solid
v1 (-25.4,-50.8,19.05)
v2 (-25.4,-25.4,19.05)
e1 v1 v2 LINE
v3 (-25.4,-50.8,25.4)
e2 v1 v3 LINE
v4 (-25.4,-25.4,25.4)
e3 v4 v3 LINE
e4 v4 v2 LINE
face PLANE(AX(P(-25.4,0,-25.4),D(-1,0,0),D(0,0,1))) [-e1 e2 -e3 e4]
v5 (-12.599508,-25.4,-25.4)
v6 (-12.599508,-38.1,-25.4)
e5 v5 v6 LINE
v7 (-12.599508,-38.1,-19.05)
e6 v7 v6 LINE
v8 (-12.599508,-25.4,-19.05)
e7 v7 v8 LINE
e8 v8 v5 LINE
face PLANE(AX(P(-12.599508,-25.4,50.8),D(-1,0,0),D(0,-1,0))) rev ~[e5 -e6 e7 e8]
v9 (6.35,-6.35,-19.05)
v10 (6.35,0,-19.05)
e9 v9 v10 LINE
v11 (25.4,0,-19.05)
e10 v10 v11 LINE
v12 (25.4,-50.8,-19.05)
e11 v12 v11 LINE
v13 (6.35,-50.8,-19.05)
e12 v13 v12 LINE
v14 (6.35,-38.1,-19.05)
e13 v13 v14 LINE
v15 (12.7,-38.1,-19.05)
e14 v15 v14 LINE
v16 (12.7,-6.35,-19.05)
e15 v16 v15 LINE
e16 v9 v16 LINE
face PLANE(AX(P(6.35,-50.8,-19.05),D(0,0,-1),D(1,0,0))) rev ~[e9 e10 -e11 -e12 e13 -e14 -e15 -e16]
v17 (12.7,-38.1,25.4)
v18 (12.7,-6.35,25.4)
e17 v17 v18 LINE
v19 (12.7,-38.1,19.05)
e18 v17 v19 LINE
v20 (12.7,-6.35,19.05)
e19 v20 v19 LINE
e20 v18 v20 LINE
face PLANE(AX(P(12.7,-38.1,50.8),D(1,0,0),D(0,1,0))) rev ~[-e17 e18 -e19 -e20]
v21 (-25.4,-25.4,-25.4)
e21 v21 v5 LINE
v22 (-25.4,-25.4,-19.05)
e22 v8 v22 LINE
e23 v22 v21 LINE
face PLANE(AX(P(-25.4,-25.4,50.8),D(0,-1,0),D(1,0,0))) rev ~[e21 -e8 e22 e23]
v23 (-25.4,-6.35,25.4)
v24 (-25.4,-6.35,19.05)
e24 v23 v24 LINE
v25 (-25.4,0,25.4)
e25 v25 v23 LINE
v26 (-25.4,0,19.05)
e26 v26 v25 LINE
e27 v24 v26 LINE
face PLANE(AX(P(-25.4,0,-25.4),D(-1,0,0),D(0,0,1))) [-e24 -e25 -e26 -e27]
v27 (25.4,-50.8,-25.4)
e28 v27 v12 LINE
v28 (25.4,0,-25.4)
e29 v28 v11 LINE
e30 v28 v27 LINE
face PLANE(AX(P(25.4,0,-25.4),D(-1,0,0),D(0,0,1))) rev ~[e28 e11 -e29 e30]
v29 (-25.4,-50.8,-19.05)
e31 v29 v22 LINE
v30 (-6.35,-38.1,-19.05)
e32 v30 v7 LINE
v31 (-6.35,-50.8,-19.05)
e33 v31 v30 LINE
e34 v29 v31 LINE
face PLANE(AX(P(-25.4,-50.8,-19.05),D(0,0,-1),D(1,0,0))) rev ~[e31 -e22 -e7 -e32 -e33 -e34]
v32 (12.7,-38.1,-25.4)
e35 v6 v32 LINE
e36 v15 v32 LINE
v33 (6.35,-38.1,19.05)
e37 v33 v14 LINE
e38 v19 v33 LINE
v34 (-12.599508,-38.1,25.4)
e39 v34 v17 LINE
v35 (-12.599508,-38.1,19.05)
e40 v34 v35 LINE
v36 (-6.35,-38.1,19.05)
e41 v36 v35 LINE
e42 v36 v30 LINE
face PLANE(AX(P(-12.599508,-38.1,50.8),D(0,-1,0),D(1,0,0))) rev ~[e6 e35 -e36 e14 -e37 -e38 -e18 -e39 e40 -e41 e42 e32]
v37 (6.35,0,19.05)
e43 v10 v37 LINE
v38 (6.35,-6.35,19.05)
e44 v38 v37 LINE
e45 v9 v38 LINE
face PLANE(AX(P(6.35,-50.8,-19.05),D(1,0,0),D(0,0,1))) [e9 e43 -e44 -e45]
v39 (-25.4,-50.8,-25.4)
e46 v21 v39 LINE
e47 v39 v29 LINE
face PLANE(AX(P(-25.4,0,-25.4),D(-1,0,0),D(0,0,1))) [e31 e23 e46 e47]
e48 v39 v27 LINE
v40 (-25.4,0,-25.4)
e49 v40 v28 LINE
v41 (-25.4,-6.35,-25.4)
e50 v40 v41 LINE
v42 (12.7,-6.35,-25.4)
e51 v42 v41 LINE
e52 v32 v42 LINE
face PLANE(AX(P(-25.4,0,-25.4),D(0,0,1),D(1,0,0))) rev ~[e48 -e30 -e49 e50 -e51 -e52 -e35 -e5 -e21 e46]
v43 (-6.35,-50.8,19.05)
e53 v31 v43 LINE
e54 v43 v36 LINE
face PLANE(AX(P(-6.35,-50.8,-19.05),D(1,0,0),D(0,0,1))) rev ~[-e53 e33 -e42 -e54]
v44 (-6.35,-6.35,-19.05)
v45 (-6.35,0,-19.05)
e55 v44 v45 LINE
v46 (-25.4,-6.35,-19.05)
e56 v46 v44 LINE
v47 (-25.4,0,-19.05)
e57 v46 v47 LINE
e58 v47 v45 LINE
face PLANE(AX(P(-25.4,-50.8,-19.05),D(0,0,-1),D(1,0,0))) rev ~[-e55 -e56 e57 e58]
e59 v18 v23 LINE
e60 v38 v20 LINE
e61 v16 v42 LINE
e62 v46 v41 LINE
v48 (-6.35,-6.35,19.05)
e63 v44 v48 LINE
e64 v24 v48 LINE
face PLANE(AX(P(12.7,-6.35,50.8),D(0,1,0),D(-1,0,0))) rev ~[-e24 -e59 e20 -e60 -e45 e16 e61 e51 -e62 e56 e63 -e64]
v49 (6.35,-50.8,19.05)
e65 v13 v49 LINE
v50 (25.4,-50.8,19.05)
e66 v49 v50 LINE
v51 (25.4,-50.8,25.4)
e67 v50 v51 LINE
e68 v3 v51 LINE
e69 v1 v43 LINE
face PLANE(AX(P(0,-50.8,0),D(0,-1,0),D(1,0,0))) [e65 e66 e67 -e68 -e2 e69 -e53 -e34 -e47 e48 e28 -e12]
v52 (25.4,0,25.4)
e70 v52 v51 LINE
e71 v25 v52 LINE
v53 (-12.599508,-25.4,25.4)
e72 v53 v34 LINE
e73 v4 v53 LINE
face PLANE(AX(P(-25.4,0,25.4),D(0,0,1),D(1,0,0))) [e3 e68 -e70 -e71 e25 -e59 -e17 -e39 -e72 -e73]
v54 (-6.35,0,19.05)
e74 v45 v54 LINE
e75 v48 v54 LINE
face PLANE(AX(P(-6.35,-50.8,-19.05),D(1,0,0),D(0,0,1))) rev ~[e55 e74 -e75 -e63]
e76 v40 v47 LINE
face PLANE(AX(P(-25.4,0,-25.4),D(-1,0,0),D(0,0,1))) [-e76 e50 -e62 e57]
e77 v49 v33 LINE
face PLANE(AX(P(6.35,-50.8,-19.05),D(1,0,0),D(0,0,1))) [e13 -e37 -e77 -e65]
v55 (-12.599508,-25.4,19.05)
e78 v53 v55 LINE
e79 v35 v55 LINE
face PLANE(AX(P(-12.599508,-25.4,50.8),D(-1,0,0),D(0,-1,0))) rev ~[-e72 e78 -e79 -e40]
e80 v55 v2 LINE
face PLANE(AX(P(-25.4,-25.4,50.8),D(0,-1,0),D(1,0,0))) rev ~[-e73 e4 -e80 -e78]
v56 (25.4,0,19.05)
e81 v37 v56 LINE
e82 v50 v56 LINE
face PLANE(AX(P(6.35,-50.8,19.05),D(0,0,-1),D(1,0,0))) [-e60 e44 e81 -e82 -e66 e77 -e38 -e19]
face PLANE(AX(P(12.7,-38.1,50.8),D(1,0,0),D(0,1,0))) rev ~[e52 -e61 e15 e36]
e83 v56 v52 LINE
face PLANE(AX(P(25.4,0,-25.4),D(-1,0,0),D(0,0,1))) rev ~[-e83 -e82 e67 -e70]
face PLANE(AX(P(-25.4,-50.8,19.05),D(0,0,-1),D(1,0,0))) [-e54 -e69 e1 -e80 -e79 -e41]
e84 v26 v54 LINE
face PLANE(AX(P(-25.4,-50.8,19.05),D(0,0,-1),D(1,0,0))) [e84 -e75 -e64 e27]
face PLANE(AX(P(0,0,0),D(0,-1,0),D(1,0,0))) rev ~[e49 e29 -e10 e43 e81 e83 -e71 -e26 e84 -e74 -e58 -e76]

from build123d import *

# Parameters (mm, degrees)
F0_W     = 50.8
F0_H     = 50.8
F1_DEPTH = 50.8
F4_W     = 19.05
F4_H     = 38.1
F5_DEPTH = 50.8
F7_DEPTH = 76.2


with BuildPart() as f1:
    # F0 (on Front) → F1 (new body)
    with BuildSketch(Plane.XZ):
        Rectangle(F0_W, F0_H)
    extrude(amount=F1_DEPTH)

    # F4 (on offset) → F5 (cut)
    with BuildSketch(Plane.XZ.offset(50.8)):
        with Locations((-15.875, 0)):
            Rectangle(F4_W, F4_H)
        with Locations((15.875, 0)):
            Rectangle(F4_W, F4_H)
    extrude(amount=-F5_DEPTH, mode=Mode.SUBTRACT)

    # F6 (on offset) → F7 (cut)
    with BuildSketch(Plane.XY.offset(50.8)):
        Polygon((-25.4, -6.35), (-25.4, -25.4), (-12.5995083759, -25.4), (-12.5995083759, -38.1), (12.7, -38.1), (12.7, -6.35), align=None)
    extrude(amount=-F7_DEPTH, mode=Mode.SUBTRACT)


solid = f1.part
